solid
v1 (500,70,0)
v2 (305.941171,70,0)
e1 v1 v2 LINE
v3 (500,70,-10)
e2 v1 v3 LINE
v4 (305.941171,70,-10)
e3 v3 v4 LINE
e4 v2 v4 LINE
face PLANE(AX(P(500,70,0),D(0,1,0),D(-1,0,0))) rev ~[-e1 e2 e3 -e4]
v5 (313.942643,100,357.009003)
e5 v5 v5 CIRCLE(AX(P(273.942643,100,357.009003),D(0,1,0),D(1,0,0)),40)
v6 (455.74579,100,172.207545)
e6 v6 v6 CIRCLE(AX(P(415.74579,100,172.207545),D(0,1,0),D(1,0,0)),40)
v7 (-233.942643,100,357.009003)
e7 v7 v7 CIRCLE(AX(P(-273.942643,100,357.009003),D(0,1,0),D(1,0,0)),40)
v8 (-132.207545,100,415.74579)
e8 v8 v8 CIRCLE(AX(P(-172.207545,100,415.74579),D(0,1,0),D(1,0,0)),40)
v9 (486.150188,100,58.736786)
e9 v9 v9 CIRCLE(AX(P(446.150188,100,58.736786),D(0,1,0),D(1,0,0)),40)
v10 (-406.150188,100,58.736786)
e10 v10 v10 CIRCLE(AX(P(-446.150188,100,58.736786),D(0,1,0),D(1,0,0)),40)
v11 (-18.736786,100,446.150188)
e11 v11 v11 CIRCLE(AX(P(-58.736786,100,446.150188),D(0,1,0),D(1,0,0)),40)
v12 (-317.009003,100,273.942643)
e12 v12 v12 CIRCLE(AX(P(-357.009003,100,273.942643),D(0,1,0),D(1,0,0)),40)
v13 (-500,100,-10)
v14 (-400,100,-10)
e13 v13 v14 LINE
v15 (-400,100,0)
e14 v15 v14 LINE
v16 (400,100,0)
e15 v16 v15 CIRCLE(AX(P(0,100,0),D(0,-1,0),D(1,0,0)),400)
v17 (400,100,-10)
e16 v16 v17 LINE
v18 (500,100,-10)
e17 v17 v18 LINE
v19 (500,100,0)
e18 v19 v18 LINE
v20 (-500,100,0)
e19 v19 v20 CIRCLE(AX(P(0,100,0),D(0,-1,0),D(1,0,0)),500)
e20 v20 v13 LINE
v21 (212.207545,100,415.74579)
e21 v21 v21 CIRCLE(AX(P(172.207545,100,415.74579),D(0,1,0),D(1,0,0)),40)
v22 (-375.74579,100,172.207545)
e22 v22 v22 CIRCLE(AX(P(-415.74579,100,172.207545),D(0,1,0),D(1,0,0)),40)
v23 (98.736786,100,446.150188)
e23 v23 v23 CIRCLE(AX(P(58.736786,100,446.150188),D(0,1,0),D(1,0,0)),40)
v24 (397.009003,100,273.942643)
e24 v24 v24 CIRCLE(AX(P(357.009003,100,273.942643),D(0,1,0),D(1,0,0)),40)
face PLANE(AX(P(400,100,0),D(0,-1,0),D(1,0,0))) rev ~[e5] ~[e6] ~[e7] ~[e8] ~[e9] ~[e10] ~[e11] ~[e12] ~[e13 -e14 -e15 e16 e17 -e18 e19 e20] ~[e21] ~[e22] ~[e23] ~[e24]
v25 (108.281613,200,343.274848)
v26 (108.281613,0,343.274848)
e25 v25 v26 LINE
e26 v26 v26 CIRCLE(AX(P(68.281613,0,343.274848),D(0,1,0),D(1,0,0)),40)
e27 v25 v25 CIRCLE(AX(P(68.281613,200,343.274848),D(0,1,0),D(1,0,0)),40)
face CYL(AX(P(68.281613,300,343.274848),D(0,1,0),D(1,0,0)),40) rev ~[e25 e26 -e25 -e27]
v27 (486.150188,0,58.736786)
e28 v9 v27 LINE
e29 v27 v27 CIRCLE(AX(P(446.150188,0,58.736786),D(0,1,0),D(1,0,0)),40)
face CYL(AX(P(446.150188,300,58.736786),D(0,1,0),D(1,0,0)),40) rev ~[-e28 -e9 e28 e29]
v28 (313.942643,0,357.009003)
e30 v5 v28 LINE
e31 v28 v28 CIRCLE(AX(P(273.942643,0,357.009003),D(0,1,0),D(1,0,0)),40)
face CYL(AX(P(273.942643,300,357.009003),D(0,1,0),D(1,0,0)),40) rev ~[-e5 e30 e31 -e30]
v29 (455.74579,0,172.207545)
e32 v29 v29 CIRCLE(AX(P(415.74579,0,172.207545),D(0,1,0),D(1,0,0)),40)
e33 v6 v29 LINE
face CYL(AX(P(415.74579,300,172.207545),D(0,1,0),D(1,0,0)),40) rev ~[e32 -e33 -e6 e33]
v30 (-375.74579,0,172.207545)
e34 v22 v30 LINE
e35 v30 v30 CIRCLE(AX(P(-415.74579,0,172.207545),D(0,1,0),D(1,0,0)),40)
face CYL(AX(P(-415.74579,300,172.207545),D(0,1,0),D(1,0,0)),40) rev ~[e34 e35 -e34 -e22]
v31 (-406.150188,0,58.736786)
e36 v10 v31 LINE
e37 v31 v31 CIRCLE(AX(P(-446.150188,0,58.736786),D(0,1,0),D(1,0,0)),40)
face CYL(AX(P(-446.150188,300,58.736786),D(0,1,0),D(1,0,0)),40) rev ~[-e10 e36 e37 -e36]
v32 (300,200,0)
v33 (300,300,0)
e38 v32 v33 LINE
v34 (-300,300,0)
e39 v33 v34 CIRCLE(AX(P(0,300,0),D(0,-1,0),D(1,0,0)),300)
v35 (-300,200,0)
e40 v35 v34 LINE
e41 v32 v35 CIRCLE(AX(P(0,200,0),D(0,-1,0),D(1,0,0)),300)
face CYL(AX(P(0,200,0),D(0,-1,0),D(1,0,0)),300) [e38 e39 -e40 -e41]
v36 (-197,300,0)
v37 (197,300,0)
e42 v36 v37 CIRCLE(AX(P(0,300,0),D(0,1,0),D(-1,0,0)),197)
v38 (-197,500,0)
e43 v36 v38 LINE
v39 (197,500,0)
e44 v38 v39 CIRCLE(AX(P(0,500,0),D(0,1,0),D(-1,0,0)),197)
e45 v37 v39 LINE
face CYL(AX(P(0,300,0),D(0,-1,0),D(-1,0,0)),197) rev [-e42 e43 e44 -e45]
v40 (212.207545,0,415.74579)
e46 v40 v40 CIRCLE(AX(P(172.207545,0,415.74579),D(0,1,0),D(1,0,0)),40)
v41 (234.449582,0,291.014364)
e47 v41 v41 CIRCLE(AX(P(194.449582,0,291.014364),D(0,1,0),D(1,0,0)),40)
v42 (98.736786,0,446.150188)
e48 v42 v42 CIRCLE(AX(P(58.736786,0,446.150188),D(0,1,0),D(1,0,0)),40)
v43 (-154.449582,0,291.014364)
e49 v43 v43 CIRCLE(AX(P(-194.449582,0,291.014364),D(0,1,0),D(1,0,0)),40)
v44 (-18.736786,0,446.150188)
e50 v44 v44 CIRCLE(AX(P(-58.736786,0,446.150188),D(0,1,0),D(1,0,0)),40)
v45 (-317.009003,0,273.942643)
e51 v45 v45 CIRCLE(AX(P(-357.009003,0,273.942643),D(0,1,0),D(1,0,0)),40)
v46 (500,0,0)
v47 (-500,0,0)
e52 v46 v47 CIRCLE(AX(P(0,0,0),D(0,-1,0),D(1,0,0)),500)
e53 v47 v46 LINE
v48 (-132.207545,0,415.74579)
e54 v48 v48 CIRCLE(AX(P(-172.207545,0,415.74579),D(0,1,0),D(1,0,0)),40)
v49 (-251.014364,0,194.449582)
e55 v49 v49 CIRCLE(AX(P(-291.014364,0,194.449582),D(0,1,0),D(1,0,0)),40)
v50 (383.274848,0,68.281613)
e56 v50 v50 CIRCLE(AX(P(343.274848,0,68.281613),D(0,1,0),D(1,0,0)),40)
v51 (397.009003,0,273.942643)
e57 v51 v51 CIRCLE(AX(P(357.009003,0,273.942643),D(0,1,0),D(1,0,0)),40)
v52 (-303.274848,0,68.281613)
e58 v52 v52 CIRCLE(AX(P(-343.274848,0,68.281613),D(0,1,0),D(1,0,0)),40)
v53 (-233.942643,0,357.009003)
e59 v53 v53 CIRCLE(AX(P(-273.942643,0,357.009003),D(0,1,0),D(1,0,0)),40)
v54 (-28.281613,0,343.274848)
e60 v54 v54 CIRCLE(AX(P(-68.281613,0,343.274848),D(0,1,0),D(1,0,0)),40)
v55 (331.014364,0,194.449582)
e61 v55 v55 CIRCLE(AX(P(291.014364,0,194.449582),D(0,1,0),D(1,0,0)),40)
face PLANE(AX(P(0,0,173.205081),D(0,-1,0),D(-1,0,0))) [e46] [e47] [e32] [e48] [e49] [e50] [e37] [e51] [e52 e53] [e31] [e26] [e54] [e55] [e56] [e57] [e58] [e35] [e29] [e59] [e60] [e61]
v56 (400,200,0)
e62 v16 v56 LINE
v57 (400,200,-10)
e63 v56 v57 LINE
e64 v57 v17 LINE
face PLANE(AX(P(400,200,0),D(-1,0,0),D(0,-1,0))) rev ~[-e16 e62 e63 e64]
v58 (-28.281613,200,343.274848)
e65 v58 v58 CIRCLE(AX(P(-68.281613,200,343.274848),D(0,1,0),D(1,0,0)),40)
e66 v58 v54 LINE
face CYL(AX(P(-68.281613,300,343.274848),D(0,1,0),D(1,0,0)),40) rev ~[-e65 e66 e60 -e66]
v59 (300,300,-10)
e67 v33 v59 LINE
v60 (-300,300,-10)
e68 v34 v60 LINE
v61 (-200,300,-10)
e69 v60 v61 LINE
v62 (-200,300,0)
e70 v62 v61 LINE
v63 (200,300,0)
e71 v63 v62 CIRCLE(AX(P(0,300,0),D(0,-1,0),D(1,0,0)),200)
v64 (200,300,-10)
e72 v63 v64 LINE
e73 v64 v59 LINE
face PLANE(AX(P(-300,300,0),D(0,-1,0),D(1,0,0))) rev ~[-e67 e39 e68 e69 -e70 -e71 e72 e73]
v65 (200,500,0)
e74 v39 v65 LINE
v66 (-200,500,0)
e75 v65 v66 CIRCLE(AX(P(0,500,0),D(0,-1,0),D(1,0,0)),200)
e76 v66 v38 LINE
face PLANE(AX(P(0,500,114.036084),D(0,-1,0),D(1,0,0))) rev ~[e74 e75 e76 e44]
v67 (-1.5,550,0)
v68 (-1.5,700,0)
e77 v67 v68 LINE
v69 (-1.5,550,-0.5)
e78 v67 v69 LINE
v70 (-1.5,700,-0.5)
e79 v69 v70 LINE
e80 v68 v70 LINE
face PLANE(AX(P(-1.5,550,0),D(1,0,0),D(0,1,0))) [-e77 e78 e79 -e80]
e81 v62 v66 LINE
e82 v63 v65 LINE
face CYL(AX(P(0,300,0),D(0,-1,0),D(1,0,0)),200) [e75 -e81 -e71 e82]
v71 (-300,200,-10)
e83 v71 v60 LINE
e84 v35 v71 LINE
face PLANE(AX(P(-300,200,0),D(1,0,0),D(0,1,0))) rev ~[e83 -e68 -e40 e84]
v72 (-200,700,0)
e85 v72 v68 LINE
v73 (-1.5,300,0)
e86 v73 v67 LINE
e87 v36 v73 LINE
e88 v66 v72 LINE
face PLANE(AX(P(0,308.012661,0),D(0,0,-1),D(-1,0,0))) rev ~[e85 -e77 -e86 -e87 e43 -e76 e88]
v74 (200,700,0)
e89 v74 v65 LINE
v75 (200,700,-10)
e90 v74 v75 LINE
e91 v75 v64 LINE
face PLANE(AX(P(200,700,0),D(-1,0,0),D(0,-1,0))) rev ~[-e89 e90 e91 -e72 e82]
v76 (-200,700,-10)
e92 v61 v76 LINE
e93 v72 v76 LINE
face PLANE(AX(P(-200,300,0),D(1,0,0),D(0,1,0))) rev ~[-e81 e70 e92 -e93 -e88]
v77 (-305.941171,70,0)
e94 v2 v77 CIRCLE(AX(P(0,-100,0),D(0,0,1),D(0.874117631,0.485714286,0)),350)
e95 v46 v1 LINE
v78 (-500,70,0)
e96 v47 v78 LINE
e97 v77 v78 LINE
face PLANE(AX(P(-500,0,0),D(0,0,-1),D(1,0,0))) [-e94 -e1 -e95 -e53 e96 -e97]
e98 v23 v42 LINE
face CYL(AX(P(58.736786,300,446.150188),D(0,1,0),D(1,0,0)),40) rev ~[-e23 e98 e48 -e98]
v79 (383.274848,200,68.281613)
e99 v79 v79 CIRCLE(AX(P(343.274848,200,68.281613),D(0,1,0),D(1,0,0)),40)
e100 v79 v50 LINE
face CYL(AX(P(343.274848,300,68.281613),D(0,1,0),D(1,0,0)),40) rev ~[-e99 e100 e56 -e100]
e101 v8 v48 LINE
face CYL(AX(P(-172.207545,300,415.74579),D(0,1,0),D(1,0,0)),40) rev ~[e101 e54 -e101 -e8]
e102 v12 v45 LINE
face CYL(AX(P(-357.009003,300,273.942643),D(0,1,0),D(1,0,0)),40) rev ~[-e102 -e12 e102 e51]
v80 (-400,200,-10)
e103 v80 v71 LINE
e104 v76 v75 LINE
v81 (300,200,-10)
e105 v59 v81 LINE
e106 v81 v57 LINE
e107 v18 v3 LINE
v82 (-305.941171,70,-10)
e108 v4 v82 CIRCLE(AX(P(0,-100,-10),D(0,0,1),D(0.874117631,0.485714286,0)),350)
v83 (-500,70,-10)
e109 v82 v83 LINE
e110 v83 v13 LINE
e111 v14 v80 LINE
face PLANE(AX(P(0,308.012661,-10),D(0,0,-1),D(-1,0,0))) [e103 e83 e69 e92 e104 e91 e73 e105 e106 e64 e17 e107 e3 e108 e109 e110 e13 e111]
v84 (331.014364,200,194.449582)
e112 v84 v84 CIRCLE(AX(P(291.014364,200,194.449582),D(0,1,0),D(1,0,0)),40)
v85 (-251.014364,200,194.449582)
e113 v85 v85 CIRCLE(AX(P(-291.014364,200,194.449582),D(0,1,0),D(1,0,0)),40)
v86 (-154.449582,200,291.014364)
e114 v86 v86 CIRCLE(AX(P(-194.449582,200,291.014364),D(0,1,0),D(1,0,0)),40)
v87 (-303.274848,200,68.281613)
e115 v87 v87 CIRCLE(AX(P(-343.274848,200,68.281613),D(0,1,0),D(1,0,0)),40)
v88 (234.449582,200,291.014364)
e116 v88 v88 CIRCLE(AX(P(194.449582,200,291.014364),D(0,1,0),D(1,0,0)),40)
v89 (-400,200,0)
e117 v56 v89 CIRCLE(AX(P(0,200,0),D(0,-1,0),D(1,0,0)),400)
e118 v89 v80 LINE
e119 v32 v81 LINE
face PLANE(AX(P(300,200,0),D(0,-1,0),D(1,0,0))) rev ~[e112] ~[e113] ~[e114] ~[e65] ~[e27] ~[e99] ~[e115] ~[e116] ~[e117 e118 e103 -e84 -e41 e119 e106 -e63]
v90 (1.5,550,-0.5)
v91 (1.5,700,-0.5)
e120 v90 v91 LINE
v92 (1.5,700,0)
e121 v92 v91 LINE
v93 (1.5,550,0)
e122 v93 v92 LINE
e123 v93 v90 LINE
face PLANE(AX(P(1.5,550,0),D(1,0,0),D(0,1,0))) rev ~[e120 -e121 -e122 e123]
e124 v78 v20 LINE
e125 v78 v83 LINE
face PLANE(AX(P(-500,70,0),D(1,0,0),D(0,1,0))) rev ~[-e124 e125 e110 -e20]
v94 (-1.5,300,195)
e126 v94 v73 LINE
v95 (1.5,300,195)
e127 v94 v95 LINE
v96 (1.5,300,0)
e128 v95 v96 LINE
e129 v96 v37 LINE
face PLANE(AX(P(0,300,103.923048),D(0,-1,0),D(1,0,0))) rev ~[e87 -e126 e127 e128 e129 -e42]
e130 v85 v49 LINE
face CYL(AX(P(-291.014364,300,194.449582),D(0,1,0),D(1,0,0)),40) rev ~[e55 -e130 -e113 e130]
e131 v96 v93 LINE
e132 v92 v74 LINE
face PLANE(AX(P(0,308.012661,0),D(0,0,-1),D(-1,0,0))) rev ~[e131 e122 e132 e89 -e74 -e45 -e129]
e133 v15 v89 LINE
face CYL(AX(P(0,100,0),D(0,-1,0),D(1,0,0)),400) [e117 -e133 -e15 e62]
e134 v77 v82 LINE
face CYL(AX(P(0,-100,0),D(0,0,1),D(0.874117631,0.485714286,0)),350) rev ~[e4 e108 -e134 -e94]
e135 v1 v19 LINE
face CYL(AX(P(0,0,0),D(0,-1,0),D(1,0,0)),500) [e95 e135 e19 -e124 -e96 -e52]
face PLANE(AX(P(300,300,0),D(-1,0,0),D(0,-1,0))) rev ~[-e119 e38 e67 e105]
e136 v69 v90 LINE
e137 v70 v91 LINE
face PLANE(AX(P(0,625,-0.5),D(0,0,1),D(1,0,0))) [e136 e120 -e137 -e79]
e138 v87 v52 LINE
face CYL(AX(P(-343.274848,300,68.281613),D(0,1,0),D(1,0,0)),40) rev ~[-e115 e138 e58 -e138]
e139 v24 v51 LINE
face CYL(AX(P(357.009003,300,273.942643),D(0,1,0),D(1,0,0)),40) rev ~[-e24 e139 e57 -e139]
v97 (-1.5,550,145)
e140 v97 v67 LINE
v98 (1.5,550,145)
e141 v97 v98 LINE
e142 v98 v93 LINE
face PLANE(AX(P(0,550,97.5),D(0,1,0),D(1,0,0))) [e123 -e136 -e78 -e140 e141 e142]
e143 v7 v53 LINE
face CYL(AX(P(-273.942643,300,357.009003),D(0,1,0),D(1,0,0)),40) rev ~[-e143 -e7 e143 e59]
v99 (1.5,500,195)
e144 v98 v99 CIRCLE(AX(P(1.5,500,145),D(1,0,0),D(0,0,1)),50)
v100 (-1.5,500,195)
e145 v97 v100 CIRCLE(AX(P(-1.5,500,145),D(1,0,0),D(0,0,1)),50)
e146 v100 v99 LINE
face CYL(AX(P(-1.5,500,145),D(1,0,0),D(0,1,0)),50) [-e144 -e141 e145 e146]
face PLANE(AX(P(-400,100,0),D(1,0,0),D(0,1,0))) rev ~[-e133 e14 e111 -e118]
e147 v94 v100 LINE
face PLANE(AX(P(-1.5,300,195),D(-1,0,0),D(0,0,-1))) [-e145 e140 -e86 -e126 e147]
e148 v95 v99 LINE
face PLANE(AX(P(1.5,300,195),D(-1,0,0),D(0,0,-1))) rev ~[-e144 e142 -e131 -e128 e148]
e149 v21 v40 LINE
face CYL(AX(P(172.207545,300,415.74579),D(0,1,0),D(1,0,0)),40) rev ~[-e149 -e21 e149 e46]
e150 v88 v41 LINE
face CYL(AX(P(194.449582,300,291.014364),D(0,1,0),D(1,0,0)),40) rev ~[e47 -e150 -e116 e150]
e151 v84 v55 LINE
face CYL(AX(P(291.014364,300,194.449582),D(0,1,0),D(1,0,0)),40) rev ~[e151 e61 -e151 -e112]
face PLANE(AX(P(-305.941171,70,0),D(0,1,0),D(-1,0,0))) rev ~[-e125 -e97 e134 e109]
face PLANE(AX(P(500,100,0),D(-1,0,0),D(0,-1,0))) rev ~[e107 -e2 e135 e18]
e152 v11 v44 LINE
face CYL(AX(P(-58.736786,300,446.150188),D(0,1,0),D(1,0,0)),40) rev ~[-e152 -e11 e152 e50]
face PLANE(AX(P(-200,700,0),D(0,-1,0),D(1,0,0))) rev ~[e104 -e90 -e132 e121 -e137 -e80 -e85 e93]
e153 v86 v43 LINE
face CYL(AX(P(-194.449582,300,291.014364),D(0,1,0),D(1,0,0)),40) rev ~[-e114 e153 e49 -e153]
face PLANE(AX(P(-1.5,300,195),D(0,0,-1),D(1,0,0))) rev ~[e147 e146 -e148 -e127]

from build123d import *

# Parameters (mm, degrees)
EXTRUSION1_DEPTH = 100
EXTRUSION2_DEPTH = 100
EXTRUSION3_DEPTH = 100
EXTRUSION4_DEPTH = 200
EXTRUSION5_DEPTH = 10
ESQUISSE6_R      = 40
EXTRUSION6_DEPTH = 300
ESQUISSE7_W      = 3
ESQUISSE7_H      = 195
EXTRUSION8_DEPTH = 250
CONG_1_R         = 50
ESQUISSE8_W      = 3
ESQUISSE8_H      = 150
EXTRUSION9_DEPTH = 0.5


with BuildPart() as part:
    # Esquisse1 → Extrusion1 (new body)
    with BuildSketch(Plane(origin=(0, 0, 0), x_dir=(1, 0, 0), z_dir=(0, 1, 0))):
        with BuildLine():
            Line((-500, 0), (0, 0))
            Line((0, 0), (500, 0))
            ThreePointArc((500, 0), (0, -500), (-500, 0))
        make_face()
    extrude(amount=EXTRUSION1_DEPTH)

    # Esquisse2 → Extrusion2 (add)
    with BuildSketch(Plane(origin=(0, 100, 0), x_dir=(-1, 0, 0), z_dir=(0, 1, 0))):
        with BuildLine():
            Line((400, 0), (-400, 0))
            ThreePointArc((-400, 0), (0, 400), (400, 0))
        make_face()
    extrude(amount=EXTRUSION2_DEPTH)

    # Esquisse3 → Extrusion3 (add)
    with BuildSketch(Plane(origin=(0, 200, 0), x_dir=(-1, 0, 0), z_dir=(0, 1, 0))):
        with BuildLine():
            Line((300, 0), (-300, 0))
            ThreePointArc((-300, 0), (0, 300), (300, 0))
        make_face()
    extrude(amount=EXTRUSION3_DEPTH)

    # Esquisse4 → Extrusion4 (add)
    with BuildSketch(Plane(origin=(0, 300, 0), x_dir=(-1, 0, 0), z_dir=(0, 1, 0))):
        with BuildLine():
            Line((200, 0), (197, 0))
            ThreePointArc((197, 0), (0, 197), (-197, 0))
            Line((-197, 0), (-200, 0))
            ThreePointArc((-200, 0), (0, 200), (200, 0))
        make_face()
    extrude(amount=EXTRUSION4_DEPTH)

    # Esquisse5 → Extrusion5 (add)
    with BuildSketch(Plane(origin=(0, 0, 0), x_dir=(-1, 0, 0), z_dir=(0, 0, -1))):
        with BuildLine():
            Line((200, 700), (-200, 700))
            Line((-200, 700), (-200, 300))
            Line((-200, 300), (-300, 300))
            Line((-300, 300), (-300, 200))
            Line((-300, 200), (-400, 200))
            Line((-400, 200), (-400, 100))
            Line((-400, 100), (-500, 100))
            Line((-500, 100), (-500, 70))
            Line((-500, 70), (-305.941170816, 70))
            ThreePointArc((-305.941170816, 70), (0, 250), (305.941170816, 70))
            Line((305.941170816, 70), (500, 70))
            Line((500, 70), (500, 100))
            Line((500, 100), (400, 100))
            Line((400, 100), (400, 200))
            Line((400, 200), (300, 200))
            Line((300, 200), (300, 300))
            Line((300, 300), (200, 300))
            Line((200, 300), (200, 700))
        make_face()
    extrude(amount=EXTRUSION5_DEPTH)

    # Esquisse6 → Extrusion6 (cut)
    with BuildSketch(Plane(origin=(0, 300, 0), x_dir=(1, 0, 0), z_dir=(0, 1, 0))):
        with Locations((-343.274848141, -68.281612706)):
            Circle(ESQUISSE6_R)
        with Locations((-291.014364306, -194.449581557)):
            Circle(ESQUISSE6_R)
        with Locations((-446.150187618, -58.736786499)):
            Circle(ESQUISSE6_R)
        with Locations((-415.74578963, -172.207544564)):
            Circle(ESQUISSE6_R)
        with Locations((-357.009003131, -273.942643054)):
            Circle(ESQUISSE6_R)
        with Locations((-273.942643054, -357.009003131)):
            Circle(ESQUISSE6_R)
        with Locations((-172.207544564, -415.74578963)):
            Circle(ESQUISSE6_R)
        with Locations((-58.736786499, -446.150187618)):
            Circle(ESQUISSE6_R)
        with Locations((58.736786499, -446.150187618)):
            Circle(ESQUISSE6_R)
        with Locations((172.207544564, -415.74578963)):
            Circle(ESQUISSE6_R)
        with Locations((273.942643054, -357.009003131)):
            Circle(ESQUISSE6_R)
        with Locations((357.009003131, -273.942643054)):
            Circle(ESQUISSE6_R)
        with Locations((415.74578963, -172.207544564)):
            Circle(ESQUISSE6_R)
        with Locations((446.150187618, -58.736786499)):
            Circle(ESQUISSE6_R)
        with Locations((-194.449581557, -291.014364306)):
            Circle(ESQUISSE6_R)
        with Locations((-68.281612706, -343.274848141)):
            Circle(ESQUISSE6_R)
        with Locations((68.281612706, -343.274848141)):
            Circle(ESQUISSE6_R)
        with Locations((194.449581557, -291.014364306)):
            Circle(ESQUISSE6_R)
        with Locations((291.014364306, -194.449581557)):
            Circle(ESQUISSE6_R)
        with Locations((343.274848141, -68.281612706)):
            Circle(ESQUISSE6_R)
    extrude(amount=-EXTRUSION6_DEPTH, mode=Mode.SUBTRACT)

    # Esquisse7 → Extrusion8 (add)
    with BuildSketch(Plane(origin=(0, 300, 0), x_dir=(1, 0, 0), z_dir=(0, 1, 0))):
        with Locations((0, -97.5)):
            Rectangle(ESQUISSE7_W, ESQUISSE7_H)
    extrude(amount=EXTRUSION8_DEPTH)

    # Congé1
    cong_1_edges = [part.edges().sort_by_distance(p)[0] for p in [
        (0, 550, 195),
    ]]
    fillet(cong_1_edges, radius=CONG_1_R)

    # Esquisse8 → Extrusion9 (cut)
    with BuildSketch(Plane.XY):
        with Locations((0, 625)):
            Rectangle(ESQUISSE8_W, ESQUISSE8_H)
    extrude(amount=-EXTRUSION9_DEPTH, mode=Mode.SUBTRACT)


solid = part.part
